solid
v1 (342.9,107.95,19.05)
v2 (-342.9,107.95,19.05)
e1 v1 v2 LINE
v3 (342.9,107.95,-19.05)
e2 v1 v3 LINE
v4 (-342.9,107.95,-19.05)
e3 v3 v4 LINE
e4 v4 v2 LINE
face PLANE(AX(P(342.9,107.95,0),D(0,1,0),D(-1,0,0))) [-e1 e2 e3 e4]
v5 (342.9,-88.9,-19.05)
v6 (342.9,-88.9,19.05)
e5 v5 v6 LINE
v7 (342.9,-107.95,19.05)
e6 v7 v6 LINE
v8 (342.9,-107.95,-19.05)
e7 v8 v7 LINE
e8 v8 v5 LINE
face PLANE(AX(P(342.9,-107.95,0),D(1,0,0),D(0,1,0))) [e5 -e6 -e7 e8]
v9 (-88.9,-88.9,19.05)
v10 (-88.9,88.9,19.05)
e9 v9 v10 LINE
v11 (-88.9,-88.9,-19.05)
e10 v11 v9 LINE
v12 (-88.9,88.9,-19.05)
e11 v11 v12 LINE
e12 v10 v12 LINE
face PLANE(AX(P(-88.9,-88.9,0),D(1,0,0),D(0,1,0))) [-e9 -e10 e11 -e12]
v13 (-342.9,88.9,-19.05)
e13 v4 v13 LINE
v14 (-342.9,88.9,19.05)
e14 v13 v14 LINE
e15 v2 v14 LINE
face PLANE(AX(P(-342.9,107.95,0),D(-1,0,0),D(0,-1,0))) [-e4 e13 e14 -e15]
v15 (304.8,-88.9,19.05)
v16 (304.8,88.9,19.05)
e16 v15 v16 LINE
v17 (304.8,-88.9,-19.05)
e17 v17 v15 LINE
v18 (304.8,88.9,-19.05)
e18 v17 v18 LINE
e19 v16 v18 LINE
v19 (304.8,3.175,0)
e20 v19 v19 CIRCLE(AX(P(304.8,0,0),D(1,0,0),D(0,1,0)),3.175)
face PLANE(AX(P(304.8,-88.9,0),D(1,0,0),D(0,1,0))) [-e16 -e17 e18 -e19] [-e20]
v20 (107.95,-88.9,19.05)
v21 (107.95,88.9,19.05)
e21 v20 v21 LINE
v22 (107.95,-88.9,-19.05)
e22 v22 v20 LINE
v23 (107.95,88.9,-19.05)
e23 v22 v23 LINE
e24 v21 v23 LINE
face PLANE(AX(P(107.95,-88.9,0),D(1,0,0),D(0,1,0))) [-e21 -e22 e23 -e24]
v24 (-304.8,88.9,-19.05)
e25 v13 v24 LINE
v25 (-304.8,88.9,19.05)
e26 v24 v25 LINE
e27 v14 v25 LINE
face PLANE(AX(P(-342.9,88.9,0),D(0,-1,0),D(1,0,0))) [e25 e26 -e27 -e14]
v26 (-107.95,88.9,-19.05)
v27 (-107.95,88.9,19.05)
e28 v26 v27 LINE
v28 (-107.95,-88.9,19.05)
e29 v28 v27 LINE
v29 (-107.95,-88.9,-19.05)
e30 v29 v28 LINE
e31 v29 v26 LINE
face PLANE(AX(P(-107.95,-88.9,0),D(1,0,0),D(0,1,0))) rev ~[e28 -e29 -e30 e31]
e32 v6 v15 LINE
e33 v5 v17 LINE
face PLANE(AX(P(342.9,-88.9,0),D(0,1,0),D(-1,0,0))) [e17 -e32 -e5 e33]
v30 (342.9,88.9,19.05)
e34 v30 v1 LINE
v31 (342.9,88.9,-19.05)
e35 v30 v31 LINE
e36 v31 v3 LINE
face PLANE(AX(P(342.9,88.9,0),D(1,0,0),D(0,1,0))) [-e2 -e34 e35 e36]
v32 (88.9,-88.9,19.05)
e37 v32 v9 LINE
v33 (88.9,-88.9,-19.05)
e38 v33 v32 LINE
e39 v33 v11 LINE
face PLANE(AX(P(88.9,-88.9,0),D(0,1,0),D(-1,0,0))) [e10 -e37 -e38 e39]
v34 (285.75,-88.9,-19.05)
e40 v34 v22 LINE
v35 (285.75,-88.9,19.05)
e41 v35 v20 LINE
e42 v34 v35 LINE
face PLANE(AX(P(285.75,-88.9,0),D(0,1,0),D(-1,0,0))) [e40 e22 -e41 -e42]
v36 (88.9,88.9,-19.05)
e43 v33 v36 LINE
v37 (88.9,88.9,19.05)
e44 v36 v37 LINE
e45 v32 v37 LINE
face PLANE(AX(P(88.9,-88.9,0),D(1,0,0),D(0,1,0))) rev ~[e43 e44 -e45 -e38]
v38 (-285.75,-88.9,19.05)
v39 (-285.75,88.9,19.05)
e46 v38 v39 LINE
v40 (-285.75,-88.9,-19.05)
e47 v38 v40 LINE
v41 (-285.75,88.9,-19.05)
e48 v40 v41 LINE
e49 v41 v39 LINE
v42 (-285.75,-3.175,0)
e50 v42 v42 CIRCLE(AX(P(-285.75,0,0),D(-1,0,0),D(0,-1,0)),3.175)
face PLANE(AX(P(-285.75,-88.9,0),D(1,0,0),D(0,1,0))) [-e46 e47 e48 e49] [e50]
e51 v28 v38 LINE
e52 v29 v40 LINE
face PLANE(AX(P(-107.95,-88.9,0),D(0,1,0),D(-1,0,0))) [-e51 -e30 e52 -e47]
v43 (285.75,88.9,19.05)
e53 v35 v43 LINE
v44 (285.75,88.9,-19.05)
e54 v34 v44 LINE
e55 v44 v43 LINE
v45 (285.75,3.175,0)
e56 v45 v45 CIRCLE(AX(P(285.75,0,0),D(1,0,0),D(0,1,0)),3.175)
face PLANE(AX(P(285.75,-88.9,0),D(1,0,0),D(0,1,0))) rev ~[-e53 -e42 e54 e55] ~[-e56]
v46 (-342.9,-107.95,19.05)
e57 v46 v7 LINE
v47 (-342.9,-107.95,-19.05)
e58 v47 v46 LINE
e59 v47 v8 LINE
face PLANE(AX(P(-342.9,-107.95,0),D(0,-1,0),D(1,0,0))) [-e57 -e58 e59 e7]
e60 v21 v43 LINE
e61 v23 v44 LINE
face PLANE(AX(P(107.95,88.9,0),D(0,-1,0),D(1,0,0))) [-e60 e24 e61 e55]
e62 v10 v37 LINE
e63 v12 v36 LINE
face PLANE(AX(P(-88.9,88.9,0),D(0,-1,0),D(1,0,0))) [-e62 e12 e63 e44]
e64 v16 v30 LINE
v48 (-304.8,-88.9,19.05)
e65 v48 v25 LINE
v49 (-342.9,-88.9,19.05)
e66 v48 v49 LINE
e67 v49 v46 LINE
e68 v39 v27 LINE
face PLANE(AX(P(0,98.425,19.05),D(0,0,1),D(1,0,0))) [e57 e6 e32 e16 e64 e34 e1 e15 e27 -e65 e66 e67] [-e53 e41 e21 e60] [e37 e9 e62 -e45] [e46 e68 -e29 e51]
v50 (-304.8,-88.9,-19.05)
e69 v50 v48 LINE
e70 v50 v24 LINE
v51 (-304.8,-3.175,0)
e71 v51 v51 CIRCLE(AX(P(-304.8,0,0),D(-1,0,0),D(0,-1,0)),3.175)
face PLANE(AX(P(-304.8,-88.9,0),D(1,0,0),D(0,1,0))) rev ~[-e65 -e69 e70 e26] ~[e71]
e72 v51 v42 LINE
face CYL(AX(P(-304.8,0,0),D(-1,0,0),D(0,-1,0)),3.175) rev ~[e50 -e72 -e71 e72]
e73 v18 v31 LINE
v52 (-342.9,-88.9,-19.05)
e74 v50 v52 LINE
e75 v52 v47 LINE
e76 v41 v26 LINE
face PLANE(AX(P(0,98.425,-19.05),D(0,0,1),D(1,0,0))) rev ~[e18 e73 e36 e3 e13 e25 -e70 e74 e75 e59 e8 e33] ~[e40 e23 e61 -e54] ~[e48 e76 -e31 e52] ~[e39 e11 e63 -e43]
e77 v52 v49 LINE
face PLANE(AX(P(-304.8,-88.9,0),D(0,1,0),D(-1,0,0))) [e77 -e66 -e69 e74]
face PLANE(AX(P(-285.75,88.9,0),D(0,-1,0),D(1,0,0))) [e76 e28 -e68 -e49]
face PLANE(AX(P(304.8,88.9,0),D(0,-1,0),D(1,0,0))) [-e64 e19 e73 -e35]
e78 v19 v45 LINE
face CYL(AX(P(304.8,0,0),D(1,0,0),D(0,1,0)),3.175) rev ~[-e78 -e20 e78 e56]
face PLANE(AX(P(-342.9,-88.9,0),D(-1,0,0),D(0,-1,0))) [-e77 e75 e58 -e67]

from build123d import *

# Parameters (mm, degrees)
F0_W     = 19.05
F0_H     = 177.8
F1_DEPTH = 19.05
F2_R     = 3.175
F3_DEPTH = 25.4
F4_R     = 3.175
F5_DEPTH = 25.4


with BuildPart() as f1:
    # F0 (on Top) → F1 (new body, symmetric)
    with BuildSketch(Plane.XY):
        Polygon((342.9, 107.95), (-342.9, 107.95), (-342.9, 88.9), (-304.8, 88.9), (-285.75, 88.9), (-107.95, 88.9), (-88.9, 88.9), (88.9, 88.9), (107.95, 88.9), (285.75, 88.9), (304.8, 88.9), (342.9, 88.9), align=None)
        with Locations((-295.275, 0)):
            Rectangle(F0_W, F0_H)
        with Locations((295.275, 0)):
            Rectangle(F0_W, F0_H)
        Polygon((-285.75, -88.9), (-304.8, -88.9), (-342.9, -88.9), (-342.9, -107.95), (342.9, -107.95), (342.9, -88.9), (304.8, -88.9), (285.75, -88.9), (107.95, -88.9), (88.9, -88.9), (-88.9, -88.9), (-107.95, -88.9), align=None)
        with Locations((-98.425, 0)):
            Rectangle(F0_W, F0_H)
        with Locations((98.425, 0)):
            Rectangle(F0_W, F0_H)
    extrude(amount=F1_DEPTH, both=True)

    # F2 (on face) → F3 (cut)
    with BuildSketch(Plane(origin=(-304.8, 0, 0), x_dir=(0, -1, 0), z_dir=(-1, 0, 0))):
        Circle(F2_R)
    extrude(amount=-F3_DEPTH, mode=Mode.SUBTRACT)

    # F4 (on face) → F5 (cut)
    with BuildSketch(Plane.YZ.offset(304.8)):
        Circle(F4_R)
    extrude(amount=-F5_DEPTH, mode=Mode.SUBTRACT)


solid = f1.part
